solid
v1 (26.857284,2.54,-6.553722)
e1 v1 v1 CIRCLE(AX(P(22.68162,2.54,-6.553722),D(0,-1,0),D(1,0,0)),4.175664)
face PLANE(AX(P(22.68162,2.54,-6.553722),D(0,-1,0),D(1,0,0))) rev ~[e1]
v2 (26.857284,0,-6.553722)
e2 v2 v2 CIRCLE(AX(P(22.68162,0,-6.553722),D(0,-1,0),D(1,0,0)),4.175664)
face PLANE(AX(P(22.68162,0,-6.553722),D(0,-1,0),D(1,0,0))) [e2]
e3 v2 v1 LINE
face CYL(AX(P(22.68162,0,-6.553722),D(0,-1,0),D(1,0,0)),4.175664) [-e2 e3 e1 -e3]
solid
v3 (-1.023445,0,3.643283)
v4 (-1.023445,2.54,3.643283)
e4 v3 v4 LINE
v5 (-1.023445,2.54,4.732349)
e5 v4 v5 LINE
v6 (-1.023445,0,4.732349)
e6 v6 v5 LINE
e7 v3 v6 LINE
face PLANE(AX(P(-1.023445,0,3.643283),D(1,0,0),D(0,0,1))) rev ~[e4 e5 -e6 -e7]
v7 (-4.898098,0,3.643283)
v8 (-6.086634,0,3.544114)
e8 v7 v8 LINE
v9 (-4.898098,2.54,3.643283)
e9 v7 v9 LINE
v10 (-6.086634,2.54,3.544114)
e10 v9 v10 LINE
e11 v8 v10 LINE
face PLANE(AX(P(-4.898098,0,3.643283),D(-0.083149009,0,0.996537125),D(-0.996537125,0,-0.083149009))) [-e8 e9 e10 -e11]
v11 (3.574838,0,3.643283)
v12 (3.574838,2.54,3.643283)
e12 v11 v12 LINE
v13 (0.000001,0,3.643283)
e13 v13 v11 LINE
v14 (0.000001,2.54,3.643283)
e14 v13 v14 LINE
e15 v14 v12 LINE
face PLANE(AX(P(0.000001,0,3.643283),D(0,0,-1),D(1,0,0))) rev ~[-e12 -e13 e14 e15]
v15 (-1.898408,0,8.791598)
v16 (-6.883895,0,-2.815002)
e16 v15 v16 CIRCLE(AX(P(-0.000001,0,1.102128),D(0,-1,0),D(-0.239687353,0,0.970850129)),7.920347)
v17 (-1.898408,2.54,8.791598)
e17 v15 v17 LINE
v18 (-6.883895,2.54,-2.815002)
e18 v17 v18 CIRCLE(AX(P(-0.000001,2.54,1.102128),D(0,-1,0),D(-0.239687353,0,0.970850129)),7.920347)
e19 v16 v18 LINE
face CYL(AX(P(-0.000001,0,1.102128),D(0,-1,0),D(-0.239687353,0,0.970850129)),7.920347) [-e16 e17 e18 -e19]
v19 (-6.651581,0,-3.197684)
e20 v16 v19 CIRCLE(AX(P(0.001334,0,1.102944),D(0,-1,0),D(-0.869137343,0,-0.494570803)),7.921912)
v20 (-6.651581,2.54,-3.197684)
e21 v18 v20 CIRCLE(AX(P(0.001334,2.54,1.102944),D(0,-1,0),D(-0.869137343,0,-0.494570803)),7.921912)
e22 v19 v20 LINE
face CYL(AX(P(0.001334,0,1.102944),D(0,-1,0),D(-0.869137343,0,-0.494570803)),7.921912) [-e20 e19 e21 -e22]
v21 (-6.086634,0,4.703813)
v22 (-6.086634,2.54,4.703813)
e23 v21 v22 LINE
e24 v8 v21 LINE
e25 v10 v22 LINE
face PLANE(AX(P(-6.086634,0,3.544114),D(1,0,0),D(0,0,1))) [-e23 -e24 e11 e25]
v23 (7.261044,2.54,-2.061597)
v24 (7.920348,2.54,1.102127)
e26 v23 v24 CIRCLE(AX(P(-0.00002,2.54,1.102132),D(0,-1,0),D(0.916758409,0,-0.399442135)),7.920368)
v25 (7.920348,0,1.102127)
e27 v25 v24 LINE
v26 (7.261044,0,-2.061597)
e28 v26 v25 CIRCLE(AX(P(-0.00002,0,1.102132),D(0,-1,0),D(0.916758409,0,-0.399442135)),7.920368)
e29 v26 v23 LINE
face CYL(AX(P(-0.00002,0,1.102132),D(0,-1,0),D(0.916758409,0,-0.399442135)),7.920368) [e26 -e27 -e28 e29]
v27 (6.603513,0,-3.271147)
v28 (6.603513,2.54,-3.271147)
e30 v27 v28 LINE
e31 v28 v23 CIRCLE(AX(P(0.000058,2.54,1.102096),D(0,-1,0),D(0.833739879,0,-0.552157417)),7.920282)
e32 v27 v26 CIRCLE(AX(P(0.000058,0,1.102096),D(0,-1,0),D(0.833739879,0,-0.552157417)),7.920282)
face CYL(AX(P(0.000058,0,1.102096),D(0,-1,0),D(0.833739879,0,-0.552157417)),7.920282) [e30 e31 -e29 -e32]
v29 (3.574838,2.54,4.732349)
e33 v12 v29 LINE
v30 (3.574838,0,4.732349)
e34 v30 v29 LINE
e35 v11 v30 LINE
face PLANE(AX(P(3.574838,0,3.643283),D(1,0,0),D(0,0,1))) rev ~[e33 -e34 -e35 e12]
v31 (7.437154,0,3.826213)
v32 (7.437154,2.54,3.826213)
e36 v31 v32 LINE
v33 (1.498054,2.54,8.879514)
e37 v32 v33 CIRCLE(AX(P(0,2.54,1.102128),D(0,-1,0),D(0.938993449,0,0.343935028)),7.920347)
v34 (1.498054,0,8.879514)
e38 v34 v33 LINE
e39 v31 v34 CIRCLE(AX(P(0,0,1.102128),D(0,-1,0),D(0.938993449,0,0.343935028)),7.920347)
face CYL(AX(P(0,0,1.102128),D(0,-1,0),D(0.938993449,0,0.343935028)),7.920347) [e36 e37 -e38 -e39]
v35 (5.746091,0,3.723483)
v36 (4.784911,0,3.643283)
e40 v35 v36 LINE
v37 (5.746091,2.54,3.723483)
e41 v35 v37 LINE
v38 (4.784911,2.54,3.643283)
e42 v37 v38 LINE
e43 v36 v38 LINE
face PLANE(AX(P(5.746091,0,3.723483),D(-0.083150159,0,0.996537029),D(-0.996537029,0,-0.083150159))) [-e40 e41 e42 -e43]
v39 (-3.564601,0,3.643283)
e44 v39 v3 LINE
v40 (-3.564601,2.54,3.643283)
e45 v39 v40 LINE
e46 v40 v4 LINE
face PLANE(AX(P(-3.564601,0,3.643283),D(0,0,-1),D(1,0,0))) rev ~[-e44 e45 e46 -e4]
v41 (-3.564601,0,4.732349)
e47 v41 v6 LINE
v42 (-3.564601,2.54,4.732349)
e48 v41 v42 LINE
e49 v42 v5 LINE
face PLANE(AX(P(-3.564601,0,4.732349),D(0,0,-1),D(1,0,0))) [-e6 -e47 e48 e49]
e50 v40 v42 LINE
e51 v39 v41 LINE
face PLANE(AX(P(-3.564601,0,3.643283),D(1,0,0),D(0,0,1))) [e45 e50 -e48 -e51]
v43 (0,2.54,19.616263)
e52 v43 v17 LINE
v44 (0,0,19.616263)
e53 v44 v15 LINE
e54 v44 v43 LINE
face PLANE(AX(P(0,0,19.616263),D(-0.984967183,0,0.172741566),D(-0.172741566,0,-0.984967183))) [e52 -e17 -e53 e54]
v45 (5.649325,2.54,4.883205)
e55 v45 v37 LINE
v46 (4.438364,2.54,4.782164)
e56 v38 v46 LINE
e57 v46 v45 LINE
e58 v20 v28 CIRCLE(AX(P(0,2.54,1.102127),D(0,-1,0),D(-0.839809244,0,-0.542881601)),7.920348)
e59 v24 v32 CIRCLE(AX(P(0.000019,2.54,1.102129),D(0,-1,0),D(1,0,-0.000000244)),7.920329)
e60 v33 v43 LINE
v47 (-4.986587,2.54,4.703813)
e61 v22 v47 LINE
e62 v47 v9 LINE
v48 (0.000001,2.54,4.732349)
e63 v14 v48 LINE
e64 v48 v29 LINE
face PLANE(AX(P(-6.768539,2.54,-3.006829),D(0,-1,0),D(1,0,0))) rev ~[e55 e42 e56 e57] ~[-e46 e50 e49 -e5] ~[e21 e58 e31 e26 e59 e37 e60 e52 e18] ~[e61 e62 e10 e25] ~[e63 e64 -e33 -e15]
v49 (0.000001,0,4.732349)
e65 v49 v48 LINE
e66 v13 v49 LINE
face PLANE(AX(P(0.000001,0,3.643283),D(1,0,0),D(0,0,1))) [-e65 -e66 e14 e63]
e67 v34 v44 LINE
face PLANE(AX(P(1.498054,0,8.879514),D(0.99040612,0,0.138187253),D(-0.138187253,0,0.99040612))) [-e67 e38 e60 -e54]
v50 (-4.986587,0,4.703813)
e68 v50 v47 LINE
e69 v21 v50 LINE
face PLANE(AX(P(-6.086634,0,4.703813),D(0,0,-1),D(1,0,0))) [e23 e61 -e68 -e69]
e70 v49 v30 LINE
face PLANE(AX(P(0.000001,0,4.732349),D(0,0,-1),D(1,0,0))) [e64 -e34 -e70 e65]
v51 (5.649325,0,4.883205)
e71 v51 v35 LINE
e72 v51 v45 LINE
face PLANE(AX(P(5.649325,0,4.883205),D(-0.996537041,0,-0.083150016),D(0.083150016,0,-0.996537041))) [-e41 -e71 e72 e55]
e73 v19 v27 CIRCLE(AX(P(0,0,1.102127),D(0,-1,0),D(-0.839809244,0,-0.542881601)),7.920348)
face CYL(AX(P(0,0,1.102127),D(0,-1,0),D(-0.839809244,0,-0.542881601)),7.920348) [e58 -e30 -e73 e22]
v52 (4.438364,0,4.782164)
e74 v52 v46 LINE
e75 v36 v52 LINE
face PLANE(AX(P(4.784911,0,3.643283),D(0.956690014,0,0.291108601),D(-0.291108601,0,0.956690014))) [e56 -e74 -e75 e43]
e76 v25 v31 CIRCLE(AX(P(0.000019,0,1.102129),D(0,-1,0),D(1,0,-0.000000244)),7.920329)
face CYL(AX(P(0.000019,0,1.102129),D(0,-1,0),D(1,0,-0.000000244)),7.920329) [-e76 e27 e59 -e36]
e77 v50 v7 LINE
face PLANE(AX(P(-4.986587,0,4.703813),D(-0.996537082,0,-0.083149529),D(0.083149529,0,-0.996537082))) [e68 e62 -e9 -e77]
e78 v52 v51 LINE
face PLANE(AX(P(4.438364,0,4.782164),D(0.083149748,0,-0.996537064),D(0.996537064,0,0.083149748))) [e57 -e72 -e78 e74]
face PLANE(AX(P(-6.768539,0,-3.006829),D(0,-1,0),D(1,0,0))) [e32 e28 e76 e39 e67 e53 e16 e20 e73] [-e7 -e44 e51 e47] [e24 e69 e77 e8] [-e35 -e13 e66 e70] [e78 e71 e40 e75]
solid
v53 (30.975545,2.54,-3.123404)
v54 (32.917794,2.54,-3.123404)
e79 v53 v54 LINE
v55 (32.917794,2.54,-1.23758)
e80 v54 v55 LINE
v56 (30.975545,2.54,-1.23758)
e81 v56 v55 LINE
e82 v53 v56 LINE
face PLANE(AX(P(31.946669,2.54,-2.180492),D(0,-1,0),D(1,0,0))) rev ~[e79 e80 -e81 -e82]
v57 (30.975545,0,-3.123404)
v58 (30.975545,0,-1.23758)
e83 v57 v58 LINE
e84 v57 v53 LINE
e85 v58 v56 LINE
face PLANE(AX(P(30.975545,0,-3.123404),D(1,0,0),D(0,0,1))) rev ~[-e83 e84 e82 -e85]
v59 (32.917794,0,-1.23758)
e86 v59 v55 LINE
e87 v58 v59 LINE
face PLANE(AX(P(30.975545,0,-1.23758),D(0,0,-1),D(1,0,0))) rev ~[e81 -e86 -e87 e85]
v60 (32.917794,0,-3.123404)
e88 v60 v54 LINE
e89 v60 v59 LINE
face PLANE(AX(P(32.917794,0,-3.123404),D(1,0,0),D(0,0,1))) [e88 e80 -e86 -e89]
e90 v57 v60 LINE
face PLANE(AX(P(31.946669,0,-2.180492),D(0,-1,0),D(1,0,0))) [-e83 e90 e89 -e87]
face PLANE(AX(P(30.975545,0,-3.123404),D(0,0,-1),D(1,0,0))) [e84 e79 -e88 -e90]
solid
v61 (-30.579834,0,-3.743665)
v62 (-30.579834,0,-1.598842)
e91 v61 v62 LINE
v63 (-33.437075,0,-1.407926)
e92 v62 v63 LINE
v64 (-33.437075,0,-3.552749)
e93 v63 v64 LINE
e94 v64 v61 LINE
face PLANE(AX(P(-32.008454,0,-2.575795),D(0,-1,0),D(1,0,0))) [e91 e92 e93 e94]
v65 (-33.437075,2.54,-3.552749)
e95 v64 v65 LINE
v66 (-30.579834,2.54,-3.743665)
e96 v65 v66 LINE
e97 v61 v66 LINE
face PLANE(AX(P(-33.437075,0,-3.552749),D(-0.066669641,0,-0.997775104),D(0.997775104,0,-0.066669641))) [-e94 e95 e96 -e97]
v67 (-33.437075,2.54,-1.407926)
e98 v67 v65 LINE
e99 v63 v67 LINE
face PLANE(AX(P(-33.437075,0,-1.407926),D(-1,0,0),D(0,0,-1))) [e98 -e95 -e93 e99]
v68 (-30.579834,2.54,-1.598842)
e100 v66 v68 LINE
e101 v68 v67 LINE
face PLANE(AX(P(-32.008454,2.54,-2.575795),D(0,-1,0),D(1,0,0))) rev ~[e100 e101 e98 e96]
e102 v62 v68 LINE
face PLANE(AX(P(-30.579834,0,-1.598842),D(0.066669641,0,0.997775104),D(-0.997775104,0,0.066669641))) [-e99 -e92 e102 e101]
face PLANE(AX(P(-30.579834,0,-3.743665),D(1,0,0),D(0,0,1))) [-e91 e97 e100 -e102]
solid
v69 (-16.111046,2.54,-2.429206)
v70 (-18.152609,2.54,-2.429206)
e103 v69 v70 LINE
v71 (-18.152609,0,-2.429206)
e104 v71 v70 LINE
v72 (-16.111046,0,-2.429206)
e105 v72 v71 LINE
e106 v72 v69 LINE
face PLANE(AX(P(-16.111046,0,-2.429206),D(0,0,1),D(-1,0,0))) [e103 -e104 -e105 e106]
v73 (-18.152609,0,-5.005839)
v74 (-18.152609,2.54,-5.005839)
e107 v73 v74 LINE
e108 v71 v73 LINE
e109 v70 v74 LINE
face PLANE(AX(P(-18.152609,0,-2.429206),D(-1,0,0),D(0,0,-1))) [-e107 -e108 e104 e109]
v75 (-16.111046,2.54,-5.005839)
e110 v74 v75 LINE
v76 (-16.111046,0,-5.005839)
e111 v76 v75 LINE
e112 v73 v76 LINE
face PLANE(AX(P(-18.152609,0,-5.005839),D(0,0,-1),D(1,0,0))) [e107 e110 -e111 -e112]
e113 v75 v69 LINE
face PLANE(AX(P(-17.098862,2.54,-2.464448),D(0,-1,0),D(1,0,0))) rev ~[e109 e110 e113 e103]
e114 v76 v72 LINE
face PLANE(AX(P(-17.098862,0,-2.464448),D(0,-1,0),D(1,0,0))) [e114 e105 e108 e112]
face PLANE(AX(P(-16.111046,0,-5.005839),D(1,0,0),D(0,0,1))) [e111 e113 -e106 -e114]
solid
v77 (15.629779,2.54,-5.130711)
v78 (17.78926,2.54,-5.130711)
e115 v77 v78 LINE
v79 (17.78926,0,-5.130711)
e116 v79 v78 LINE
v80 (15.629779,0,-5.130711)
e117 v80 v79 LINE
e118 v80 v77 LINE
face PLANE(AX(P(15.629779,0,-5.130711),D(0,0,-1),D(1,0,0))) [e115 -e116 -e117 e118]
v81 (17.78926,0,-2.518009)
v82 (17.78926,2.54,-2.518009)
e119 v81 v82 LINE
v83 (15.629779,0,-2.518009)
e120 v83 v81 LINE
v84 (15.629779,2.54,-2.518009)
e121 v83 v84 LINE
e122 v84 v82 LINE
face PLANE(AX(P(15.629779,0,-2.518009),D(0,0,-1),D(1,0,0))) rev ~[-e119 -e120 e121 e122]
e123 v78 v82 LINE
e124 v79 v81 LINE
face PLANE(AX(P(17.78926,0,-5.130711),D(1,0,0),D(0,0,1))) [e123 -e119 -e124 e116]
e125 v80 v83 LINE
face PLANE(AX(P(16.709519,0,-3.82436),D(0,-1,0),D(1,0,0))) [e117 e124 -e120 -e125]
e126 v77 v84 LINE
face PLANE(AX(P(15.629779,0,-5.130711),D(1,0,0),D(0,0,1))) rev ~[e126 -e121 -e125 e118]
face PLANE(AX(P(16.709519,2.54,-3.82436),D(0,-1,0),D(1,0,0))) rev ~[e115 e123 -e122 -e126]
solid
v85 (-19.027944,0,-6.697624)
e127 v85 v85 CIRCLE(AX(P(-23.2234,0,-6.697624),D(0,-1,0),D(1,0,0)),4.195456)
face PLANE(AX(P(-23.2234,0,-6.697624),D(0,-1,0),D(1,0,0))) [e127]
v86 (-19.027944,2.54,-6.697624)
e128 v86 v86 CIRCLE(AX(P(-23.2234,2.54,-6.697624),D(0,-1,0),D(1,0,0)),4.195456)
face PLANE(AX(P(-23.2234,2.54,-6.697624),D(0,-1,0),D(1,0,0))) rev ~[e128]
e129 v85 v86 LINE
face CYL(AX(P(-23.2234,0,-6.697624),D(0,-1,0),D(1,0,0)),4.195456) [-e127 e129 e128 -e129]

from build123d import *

# Parameters (mm, degrees)
F0_W     = 1.942249
F0_H     = 1.885825
F0_W_2   = 2.159481
F0_H_2   = 2.612702
F0_W_3   = 2.541156
F0_H_3   = 1.089067
F0_W_4   = 3.574837
F0_R     = 4.195456
F0_R_2   = 4.175664
F1_DEPTH = 2.54


with BuildPart() as f1:
    # F0 (on Front) → F1 (new body)
    with BuildSketch(Plane.XZ):
        Polygon((-30.579834, -3.743665), (-30.579834, -1.598842), (-33.437075, -1.407926), (-33.437075, -3.552749), align=None)
        Polygon((-16.111046, -2.429206), (-18.152609, -2.429206), (-16.111046, -2.56562), align=None)
        with Locations((31.946669, -2.180492)):
            Rectangle(F0_W, F0_H)
        with Locations((16.709519, -3.82436)):
            Rectangle(F0_W_2, F0_H_2)
        with BuildLine():
            ThreePointArc((-6.883895, -2.815002), (-6.770442, -3.007984), (-6.651581, -3.197684))
            Line((-6.651581, -3.197684), (-6.883895, -2.815002))
        make_face()
        with BuildLine():
            Line((-6.883895, -2.815002), (-6.651581, -3.197684))
            ThreePointArc((-6.651581, -3.197684), (-0.043896, -6.818099), (6.603513, -3.271147))
            Line((6.603513, -3.271147), (7.261044, -2.061597))
            ThreePointArc((7.261044, -2.061597), (7.75377, -0.513718), (7.920348, 1.102127))
            ThreePointArc((7.920348, 1.102127), (7.798614, 2.485432), (7.437154, 3.826213))
            ThreePointArc((7.437154, 3.826213), (5.132587, 7.134412), (1.498054, 8.879514))
            ThreePointArc((1.498054, 8.879514), (-0.204947, 9.019823), (-1.898408, 8.791598))
            ThreePointArc((-1.898408, 8.791598), (-7.277397, 4.228053), (-6.883895, -2.815002))
        make_face()
        Polygon((-4.986587, 4.703813), (-4.898098, 3.643283), (-6.086634, 3.544114), (-6.086634, 4.703813), align=None, mode=Mode.SUBTRACT)
        with Locations((-2.294023, 4.187816)):
            Rectangle(F0_W_3, F0_H_3, mode=Mode.SUBTRACT)
        with Locations((1.787419, 4.187816)):
            Rectangle(F0_W_4, F0_H_3, mode=Mode.SUBTRACT)
        Polygon((5.649325, 4.883205), (5.746091, 3.723483), (4.784911, 3.643283), (4.438364, 4.782164), align=None, mode=Mode.SUBTRACT)
        Polygon((-16.111046, -2.56562), (-18.152609, -2.429206), (-18.152609, -5.005839), (-16.111046, -5.005839), align=None)
        with BuildLine():
            Line((7.261044, -2.061597), (6.603513, -3.271147))
            ThreePointArc((6.603513, -3.271147), (6.958609, -2.680686), (7.261044, -2.061597))
        make_face()
        with BuildLine():
            Line((0, 19.616263), (-1.898408, 8.791598))
            ThreePointArc((-1.898408, 8.791598), (-0.204947, 9.019823), (1.498054, 8.879514))
            Line((1.498054, 8.879514), (0, 19.616263))
        make_face()
        with Locations((-23.2234, -6.697624)):
            Circle(F0_R)
        with Locations((22.68162, -6.553722)):
            Circle(F0_R_2)
    extrude(amount=-F1_DEPTH)


solid = f1.part
